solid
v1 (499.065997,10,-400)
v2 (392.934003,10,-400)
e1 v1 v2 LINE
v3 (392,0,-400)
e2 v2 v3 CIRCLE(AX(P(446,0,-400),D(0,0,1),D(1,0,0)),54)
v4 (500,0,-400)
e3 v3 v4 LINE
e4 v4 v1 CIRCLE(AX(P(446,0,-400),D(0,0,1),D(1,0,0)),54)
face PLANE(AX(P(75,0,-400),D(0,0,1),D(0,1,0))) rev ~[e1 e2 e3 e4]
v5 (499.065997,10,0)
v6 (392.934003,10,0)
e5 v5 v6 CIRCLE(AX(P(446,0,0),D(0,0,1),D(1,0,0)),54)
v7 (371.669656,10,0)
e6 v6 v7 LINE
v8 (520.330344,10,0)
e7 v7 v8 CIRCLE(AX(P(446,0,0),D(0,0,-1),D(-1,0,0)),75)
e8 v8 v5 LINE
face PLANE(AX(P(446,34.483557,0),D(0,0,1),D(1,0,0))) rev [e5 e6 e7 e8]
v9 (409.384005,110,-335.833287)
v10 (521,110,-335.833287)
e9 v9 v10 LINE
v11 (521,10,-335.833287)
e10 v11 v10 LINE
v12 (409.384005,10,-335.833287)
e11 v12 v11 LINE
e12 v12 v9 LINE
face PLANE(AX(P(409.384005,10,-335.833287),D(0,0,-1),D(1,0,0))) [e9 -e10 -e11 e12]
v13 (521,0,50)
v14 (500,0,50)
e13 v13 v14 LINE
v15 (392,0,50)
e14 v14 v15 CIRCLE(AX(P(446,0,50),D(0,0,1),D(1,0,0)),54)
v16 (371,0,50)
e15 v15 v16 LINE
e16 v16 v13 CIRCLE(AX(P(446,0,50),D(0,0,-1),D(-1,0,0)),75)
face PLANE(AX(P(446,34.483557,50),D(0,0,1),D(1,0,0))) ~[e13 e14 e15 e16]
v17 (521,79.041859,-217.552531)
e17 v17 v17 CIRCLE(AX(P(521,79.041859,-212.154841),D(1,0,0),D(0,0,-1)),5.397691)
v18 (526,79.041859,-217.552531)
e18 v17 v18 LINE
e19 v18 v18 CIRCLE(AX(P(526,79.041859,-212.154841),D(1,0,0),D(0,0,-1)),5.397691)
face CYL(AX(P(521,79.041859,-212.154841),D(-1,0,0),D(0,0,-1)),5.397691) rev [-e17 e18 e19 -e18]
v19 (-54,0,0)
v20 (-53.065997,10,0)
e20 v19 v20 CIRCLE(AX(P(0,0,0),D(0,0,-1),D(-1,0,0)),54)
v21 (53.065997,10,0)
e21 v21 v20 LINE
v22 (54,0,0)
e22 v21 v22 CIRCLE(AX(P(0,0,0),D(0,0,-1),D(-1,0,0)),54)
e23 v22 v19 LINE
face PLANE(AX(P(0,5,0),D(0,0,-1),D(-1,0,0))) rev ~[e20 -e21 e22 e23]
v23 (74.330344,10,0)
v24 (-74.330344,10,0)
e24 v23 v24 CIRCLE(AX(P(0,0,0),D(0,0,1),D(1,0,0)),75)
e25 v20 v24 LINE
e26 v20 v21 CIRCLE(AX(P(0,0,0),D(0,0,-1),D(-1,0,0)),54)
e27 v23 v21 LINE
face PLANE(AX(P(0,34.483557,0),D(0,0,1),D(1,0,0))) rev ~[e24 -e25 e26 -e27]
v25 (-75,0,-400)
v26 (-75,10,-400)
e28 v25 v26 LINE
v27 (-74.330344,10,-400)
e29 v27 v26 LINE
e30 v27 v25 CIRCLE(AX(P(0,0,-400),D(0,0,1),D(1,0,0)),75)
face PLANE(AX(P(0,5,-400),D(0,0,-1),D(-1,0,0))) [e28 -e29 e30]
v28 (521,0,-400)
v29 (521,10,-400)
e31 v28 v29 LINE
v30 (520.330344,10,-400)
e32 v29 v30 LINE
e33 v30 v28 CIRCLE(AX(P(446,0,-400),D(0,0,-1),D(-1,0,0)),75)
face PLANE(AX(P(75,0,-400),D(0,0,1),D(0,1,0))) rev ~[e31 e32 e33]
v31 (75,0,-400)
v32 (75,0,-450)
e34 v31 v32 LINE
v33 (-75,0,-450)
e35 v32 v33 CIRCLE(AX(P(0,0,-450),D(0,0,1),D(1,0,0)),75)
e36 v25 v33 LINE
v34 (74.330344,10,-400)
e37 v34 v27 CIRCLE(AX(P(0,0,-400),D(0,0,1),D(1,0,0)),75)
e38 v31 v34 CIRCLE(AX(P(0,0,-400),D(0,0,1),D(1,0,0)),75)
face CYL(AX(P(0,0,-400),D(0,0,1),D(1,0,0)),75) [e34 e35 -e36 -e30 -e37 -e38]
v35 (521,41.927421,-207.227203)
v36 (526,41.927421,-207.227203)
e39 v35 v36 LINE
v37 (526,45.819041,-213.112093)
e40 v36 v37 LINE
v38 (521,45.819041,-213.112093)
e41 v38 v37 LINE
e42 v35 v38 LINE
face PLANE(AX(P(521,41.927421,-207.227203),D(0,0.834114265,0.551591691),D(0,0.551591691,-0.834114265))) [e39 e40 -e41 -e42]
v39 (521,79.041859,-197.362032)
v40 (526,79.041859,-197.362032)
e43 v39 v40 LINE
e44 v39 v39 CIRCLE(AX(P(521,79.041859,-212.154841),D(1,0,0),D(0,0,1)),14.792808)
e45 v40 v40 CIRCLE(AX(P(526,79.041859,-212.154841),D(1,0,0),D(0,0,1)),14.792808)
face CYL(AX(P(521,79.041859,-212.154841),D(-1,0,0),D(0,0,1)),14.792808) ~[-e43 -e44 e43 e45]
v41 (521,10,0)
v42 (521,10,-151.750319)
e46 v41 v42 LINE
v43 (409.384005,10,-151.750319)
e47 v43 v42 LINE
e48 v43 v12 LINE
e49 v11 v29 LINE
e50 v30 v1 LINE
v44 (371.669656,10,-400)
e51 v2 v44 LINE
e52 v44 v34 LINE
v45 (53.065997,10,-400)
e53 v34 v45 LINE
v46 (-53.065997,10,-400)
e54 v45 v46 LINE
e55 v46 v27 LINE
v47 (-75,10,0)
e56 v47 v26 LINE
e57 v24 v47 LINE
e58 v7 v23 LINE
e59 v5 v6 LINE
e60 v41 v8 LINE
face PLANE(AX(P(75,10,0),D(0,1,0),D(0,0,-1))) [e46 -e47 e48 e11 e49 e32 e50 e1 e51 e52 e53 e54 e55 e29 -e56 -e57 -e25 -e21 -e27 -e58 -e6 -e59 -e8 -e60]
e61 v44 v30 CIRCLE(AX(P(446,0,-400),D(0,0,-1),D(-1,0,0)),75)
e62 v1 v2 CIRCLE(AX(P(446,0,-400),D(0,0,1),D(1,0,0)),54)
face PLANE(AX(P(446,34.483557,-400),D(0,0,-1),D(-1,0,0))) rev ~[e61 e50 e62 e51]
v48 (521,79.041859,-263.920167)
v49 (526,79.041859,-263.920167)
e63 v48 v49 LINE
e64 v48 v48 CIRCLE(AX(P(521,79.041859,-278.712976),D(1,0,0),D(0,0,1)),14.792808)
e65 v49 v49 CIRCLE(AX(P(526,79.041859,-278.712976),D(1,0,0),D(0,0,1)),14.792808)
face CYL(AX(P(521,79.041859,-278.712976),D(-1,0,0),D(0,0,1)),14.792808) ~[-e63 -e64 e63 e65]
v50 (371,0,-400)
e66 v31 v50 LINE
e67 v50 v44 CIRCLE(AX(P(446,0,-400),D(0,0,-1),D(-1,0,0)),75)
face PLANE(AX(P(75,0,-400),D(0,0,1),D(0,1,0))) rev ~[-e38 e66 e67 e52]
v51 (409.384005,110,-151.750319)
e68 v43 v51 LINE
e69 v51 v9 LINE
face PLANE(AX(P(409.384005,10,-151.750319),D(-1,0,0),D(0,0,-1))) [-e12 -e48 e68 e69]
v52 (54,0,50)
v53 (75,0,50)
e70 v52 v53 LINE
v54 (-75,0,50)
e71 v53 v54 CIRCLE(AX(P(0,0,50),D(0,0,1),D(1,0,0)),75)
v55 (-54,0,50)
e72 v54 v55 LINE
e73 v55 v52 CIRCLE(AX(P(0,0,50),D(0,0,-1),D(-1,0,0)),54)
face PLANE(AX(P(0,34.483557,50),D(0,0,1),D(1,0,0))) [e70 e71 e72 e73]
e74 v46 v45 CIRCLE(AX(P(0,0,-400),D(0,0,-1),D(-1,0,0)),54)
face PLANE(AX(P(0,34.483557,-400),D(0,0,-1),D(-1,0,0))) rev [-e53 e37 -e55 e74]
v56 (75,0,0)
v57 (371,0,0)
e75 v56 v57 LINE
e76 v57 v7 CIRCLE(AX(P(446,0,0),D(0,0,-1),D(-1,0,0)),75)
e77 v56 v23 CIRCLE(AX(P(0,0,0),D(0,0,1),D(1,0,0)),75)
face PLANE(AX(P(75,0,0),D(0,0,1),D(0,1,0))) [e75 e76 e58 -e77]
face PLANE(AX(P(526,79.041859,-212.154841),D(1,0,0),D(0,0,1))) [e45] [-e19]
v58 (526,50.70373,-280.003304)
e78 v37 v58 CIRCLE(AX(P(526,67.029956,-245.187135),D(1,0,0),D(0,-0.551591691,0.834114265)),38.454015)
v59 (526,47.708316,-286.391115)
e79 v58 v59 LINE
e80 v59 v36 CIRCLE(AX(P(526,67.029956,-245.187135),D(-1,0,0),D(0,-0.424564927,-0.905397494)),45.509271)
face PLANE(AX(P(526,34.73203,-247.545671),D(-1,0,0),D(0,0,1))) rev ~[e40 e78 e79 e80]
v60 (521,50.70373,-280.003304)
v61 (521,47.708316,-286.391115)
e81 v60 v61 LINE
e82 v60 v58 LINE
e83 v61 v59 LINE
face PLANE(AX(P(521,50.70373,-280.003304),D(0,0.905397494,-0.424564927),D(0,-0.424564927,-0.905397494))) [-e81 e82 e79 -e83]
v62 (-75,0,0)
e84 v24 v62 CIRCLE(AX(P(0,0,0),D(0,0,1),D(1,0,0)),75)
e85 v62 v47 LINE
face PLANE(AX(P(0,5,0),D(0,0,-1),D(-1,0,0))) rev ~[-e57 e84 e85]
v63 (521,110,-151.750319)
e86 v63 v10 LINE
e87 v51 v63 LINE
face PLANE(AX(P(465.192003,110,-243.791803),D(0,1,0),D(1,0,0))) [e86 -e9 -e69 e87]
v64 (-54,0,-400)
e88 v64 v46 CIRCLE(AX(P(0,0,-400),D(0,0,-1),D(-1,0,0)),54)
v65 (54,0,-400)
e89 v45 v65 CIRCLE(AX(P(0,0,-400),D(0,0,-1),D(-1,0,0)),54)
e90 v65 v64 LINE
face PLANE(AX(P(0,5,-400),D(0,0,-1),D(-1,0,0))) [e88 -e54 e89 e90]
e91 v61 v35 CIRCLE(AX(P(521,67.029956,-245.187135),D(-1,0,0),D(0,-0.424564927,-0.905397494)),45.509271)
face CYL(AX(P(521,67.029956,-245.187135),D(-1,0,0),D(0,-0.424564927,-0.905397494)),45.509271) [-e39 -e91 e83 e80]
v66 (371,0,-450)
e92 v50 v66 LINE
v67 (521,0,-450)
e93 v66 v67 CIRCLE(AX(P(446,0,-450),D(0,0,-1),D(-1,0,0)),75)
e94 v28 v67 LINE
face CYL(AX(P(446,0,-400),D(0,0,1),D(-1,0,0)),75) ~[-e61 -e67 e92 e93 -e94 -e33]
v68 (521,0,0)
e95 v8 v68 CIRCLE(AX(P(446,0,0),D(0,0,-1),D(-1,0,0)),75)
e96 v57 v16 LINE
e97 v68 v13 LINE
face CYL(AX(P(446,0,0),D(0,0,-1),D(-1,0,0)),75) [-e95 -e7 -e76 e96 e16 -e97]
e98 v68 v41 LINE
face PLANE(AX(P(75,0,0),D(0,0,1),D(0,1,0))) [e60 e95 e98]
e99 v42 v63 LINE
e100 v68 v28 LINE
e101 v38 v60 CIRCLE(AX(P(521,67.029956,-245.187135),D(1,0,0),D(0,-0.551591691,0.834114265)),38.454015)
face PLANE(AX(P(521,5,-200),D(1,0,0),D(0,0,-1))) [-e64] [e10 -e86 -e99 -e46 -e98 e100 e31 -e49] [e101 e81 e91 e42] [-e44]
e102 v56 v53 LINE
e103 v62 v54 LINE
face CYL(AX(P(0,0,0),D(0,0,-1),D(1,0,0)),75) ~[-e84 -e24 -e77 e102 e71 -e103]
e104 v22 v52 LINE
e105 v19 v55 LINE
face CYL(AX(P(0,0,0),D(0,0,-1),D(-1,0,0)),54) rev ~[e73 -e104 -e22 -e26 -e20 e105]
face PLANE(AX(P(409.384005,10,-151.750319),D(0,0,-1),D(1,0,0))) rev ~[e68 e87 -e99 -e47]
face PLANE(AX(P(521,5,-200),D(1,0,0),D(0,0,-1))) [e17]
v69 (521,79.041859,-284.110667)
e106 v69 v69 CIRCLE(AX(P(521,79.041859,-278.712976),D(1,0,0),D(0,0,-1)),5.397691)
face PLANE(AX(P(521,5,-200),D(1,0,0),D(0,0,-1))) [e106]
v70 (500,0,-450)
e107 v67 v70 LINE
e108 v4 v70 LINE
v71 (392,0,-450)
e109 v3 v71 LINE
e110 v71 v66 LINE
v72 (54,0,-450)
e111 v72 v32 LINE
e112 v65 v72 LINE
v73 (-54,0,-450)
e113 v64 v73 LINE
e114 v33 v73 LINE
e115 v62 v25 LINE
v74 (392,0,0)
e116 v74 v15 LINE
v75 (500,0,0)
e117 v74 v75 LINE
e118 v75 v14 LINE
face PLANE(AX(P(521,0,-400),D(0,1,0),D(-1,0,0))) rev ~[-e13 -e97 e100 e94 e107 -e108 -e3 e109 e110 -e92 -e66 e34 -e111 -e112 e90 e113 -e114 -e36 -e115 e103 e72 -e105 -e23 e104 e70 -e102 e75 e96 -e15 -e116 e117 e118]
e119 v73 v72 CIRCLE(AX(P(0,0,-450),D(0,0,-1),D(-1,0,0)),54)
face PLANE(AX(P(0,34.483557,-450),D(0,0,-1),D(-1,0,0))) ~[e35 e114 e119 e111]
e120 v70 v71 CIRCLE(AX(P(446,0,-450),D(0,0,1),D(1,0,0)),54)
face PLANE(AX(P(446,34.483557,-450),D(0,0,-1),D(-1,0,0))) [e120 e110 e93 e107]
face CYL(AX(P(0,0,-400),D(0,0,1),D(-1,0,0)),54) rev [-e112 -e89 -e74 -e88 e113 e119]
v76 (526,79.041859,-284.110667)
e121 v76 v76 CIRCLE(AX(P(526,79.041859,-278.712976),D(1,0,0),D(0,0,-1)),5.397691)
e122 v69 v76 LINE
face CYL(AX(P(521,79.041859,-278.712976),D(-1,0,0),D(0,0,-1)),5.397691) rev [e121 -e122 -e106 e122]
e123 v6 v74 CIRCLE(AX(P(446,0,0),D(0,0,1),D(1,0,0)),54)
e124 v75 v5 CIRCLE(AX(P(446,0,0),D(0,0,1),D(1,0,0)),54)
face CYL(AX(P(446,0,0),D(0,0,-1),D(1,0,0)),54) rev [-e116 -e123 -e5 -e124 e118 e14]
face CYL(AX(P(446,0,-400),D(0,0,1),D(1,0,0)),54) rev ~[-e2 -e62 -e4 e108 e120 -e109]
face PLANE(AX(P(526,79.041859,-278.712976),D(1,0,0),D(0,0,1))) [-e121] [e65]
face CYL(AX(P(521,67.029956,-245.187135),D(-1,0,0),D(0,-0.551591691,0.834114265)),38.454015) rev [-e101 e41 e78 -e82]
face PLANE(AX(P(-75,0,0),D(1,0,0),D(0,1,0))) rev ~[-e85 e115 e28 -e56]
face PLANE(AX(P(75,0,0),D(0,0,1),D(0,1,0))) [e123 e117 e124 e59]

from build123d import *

# Parameters (mm, degrees)
BOSS_EXTRUDE1_DEPTH  = 50
SKETCH2_W            = 150
SKETCH2_H            = 10
BOSS_EXTRUDE2_DEPTH  = 400
SKETCH3_W            = 400
SKETCH3_H            = 10
BOSS_EXTRUDE3_DEPTH  = 446
MIRROR2_COPY_1_DEPTH = 50
SKETCH4_W            = 111.615994823
SKETCH4_H            = 184.082968076
BOSS_EXTRUDE4_DEPTH  = 100
SKETCH5_R            = 14.792808223
SKETCH5_R_2          = 5.397690937
BOSS_EXTRUDE5_DEPTH  = 5


with BuildPart() as part:
    # Sketch1 → Boss-Extrude1 (new body)
    with BuildSketch(Plane.XY):
        with BuildLine():
            ThreePointArc((-54, 0), (0, 54), (54, 0))
            Line((54, 0), (75, 0))
            ThreePointArc((75, 0), (0, 75), (-75, 0))
            Line((-75, 0), (-54, 0))
        make_face()
    boss_extrude1 = extrude(amount=BOSS_EXTRUDE1_DEPTH)

    # Sketch2 → Boss-Extrude2 (add)
    with BuildSketch(Plane(origin=(0, 0, 0), x_dir=(-1, 0, 0), z_dir=(0, 0, -1))):
        with Locations((0, 5)):
            Rectangle(SKETCH2_W, SKETCH2_H)
    extrude(amount=BOSS_EXTRUDE2_DEPTH)

    # Mirror1: Boss-Extrude1 across plane
    add(boss_extrude1.mirror(Plane(origin=(0, 0, -200), x_dir=(1, 0, 0), z_dir=(0, 0, -1))))

    # Sketch3 → Boss-Extrude3 (add)
    with BuildSketch(Plane(origin=(75, 0, 0), x_dir=(0, 0, -1), z_dir=(1, 0, 0))):
        with Locations((200, 5)):
            Rectangle(SKETCH3_W, SKETCH3_H)
    extrude(amount=BOSS_EXTRUDE3_DEPTH)

    # Mirror2: Boss-Extrude1 across plane
    add(boss_extrude1.mirror(Plane.ZY.offset(-223)))

    # Mirror2 copy 1 sketch → Mirror2 copy 1 (add)
    with BuildSketch(Plane(origin=(446, 0, -400), x_dir=(-1, 0, 0), z_dir=(0, 0, -1))):
        with BuildLine():
            ThreePointArc((-54, 0), (0, 54), (54, 0))
            Line((54, 0), (75, 0))
            ThreePointArc((75, 0), (0, 75), (-75, 0))
            Line((-75, 0), (-54, 0))
        make_face()
    extrude(amount=MIRROR2_COPY_1_DEPTH)

    # Sketch4 → Boss-Extrude4 (add)
    with BuildSketch(Plane(origin=(0, 10, 0), x_dir=(1, 0, 0), z_dir=(0, 1, 0))):
        with Locations((465.192002589, 243.791802991)):
            Rectangle(SKETCH4_W, SKETCH4_H)
    extrude(amount=BOSS_EXTRUDE4_DEPTH)

    # Sketch5 → Boss-Extrude5 (add)
    # profile 1 of 3: a face of its own
    with BuildSketch(Plane(origin=(521, 0, 0), x_dir=(0, 0, -1), z_dir=(1, 0, 0))):
        with Locations(Location((212.154840545, 79.041859429, 0), (0, 0, 180))):
            Circle(SKETCH5_R)
        with Locations((212.154840545, 79.041859429)):
            Circle(SKETCH5_R_2, mode=Mode.SUBTRACT)
    # profile 2 of 3: a face of its own
    with BuildSketch(Plane(origin=(521, 0, 0), x_dir=(0, 0, -1), z_dir=(1, 0, 0))):
        with Locations(Location((278.712975673, 79.041859429, 0), (0, 0, 180))):
            Circle(SKETCH5_R)
        with Locations((278.712975673, 79.041859429)):
            Circle(SKETCH5_R_2, mode=Mode.SUBTRACT)
    # profile 3 of 3: a face of its own
    with BuildSketch(Plane(origin=(521, 0, 0), x_dir=(0, 0, -1), z_dir=(1, 0, 0))):
        with BuildLine():
            Line((280.00330423, 50.703730269), (286.391115278, 47.708316048))
            ThreePointArc((286.391115278, 47.708316048), (248.501595961, 21.641542626), (207.227203105, 41.927420598))
            Line((207.227203105, 41.927420598), (213.112092722, 45.819041152))
            ThreePointArc((213.112092722, 45.819041152), (247.987758497, 28.678062178), (280.00330423, 50.703730269))
        make_face()
    extrude(amount=BOSS_EXTRUDE5_DEPTH)


solid = part.part
